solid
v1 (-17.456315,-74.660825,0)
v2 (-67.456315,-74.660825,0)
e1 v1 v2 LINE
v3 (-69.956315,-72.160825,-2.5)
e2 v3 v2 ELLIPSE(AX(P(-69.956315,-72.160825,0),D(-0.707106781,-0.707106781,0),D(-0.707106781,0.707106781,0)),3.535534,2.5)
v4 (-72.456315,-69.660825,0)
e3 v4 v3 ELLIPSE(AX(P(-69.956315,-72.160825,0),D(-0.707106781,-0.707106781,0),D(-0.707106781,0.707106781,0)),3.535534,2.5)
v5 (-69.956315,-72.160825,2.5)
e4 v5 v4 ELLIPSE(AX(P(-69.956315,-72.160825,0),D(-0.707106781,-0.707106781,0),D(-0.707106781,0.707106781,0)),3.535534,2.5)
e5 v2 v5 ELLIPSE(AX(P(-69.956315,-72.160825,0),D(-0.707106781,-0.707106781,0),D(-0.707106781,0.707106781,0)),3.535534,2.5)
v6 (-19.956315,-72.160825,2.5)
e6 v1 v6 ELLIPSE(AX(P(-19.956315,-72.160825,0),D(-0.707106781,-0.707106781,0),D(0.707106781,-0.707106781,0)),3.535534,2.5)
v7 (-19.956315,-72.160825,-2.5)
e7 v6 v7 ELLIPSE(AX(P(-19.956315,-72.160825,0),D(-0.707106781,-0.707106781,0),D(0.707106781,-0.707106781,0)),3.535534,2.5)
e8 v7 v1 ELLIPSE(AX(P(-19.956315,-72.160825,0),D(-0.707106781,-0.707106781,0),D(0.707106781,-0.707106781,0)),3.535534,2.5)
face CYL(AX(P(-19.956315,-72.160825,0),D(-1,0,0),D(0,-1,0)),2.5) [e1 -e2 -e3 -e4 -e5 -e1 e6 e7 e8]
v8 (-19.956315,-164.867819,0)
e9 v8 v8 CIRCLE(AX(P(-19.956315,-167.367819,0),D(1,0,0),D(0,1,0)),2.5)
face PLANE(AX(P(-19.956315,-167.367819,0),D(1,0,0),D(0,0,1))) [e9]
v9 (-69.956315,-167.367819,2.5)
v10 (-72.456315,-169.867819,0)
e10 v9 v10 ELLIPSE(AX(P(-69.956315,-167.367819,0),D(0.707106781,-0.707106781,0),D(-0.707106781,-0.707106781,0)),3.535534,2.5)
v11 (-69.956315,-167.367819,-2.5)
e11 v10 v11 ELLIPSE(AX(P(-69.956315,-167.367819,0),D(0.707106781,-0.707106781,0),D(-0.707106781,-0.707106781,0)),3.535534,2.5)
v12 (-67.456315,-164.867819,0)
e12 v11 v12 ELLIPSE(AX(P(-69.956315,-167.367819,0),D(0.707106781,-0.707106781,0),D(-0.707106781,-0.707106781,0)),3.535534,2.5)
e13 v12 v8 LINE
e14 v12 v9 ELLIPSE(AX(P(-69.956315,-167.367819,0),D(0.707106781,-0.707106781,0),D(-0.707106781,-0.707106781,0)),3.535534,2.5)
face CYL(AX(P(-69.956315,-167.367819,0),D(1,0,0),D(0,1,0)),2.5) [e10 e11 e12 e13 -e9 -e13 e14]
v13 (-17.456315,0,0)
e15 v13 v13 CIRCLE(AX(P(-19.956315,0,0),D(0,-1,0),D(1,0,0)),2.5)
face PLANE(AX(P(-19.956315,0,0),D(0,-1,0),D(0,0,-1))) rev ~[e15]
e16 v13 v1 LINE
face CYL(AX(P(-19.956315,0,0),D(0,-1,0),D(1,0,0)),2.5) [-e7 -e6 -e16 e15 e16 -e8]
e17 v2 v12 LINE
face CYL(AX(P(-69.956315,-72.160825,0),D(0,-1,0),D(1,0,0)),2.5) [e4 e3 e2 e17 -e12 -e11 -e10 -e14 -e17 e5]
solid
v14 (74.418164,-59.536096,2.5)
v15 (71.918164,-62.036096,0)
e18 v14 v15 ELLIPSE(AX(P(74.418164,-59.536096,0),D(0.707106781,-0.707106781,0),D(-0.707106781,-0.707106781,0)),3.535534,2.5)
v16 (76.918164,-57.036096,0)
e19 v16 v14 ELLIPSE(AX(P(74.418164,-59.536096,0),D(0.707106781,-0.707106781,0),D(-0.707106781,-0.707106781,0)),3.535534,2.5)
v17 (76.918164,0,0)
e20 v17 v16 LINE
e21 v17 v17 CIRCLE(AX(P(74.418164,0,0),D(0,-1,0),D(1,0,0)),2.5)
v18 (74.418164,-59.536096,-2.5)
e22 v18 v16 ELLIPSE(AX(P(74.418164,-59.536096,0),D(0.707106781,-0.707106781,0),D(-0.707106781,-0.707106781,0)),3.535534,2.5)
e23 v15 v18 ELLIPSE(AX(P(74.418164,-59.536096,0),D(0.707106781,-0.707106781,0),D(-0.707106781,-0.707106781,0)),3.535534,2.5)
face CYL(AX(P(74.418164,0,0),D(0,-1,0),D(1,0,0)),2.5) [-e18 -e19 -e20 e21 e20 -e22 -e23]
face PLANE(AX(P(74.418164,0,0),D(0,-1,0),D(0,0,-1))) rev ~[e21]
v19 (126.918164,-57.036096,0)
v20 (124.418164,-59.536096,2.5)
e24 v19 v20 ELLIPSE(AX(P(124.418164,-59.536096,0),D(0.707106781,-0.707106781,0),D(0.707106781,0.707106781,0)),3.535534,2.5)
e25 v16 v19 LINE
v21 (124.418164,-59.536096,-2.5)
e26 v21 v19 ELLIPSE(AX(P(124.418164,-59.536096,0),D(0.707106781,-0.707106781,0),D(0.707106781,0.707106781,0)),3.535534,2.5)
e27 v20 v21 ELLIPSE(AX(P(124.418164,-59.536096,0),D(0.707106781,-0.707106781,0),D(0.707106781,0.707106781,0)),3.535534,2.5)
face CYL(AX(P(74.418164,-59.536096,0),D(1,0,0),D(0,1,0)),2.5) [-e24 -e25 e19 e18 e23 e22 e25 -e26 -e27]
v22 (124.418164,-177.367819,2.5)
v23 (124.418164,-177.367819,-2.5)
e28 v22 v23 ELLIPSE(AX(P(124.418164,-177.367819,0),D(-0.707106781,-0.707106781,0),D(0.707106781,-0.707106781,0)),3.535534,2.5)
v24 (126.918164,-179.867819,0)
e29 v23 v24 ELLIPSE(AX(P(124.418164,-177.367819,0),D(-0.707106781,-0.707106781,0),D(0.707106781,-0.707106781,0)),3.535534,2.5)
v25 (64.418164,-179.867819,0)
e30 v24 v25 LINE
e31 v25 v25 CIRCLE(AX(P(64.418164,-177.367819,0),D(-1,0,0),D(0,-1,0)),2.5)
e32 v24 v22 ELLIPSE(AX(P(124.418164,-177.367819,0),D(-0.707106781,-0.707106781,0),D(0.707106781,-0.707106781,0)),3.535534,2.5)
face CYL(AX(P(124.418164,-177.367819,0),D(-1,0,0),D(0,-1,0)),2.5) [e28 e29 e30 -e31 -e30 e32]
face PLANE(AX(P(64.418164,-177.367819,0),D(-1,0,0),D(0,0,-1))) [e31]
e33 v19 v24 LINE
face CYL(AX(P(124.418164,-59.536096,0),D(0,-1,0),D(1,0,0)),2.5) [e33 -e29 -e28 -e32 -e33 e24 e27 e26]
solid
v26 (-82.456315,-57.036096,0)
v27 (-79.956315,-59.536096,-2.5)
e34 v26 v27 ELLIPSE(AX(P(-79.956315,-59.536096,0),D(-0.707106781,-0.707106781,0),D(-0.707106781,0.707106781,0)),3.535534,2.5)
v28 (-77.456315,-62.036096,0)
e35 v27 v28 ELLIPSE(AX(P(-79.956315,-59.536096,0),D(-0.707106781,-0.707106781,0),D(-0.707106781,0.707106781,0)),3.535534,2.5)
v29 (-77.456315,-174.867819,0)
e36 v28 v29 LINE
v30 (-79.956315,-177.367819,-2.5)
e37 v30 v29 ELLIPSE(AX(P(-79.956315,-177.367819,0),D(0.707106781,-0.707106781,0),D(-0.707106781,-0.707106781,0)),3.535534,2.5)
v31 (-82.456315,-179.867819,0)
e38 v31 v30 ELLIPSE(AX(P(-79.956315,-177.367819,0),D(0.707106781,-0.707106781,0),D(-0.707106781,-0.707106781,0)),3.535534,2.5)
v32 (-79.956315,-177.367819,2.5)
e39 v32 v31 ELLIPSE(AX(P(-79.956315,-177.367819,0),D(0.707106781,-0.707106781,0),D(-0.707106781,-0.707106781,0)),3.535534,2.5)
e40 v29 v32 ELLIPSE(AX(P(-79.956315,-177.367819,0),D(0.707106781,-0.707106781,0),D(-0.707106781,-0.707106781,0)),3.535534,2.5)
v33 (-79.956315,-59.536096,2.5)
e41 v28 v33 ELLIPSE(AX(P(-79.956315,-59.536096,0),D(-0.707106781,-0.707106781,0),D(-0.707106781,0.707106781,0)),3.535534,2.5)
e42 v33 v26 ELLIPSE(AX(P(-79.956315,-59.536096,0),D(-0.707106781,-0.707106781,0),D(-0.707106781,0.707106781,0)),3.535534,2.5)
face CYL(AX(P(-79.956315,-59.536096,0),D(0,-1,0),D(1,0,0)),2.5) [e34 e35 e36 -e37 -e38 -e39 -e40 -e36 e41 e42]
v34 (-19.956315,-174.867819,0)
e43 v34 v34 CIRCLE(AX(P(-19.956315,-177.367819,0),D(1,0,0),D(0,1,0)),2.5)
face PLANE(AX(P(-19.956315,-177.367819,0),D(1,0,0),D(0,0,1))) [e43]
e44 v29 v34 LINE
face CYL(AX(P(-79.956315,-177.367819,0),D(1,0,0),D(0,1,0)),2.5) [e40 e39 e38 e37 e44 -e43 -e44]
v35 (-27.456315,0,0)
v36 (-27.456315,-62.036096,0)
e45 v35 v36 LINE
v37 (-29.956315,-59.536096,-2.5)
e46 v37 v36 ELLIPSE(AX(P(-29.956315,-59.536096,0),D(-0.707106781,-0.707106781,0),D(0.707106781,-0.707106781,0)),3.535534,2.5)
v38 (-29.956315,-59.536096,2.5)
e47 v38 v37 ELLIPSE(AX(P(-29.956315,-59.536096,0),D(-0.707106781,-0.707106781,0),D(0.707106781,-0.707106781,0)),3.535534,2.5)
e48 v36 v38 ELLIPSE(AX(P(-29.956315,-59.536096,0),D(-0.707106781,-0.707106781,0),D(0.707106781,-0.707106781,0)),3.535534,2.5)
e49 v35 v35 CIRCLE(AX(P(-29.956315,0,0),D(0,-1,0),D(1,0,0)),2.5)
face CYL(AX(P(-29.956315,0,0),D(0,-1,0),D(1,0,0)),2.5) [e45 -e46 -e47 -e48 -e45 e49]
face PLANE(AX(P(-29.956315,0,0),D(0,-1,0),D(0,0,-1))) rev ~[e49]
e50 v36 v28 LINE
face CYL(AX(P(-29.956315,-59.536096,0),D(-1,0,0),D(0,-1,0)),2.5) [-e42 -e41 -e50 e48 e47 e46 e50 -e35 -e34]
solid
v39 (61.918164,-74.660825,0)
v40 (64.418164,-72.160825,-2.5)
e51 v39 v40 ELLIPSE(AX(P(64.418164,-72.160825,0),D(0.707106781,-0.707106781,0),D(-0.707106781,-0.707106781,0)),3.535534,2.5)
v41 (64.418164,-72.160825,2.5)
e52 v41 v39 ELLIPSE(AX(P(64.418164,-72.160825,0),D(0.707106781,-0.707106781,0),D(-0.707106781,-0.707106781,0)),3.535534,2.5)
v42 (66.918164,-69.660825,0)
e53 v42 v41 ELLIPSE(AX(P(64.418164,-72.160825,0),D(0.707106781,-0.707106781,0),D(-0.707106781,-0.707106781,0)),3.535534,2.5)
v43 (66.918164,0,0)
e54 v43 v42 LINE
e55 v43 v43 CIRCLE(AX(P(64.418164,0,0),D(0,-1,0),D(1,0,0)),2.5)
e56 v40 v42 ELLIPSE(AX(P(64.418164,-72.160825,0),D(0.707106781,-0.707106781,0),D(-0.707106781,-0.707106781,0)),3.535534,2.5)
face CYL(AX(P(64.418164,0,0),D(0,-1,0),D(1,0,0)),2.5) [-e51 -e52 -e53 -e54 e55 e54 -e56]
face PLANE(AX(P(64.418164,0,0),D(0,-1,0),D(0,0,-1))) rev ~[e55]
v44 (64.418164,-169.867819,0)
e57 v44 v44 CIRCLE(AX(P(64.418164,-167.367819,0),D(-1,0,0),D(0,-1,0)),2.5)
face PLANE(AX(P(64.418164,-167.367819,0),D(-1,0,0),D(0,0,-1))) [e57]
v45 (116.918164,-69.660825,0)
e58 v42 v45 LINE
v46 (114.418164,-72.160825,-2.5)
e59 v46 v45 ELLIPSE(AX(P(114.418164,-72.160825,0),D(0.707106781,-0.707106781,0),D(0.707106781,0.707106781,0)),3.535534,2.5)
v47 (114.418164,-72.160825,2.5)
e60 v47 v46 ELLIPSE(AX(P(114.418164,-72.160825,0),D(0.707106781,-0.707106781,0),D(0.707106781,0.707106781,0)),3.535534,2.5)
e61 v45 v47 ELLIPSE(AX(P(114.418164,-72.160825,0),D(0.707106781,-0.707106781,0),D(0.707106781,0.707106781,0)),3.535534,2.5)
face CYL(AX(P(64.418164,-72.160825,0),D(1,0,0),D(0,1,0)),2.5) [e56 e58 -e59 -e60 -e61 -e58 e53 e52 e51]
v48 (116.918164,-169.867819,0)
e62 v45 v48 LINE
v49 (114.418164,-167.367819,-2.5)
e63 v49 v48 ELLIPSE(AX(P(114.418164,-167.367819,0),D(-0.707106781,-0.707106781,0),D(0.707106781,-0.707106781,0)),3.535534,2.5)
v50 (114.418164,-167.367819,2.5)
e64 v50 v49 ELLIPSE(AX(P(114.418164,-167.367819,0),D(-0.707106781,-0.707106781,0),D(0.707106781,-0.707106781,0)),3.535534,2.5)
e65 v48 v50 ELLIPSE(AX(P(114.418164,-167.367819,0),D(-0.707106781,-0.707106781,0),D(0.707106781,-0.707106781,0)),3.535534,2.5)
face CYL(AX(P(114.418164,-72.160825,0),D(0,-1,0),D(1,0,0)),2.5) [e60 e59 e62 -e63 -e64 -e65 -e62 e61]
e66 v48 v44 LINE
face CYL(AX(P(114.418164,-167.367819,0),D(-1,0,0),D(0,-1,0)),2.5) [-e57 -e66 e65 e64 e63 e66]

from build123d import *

# Parameters (mm, degrees)
F1_R = 2.5


with BuildPart() as f2:
    # F2: sweep along a path in F0
    with BuildLine(Plane.XY) as f2_path:
        Line((-29.9563152033, 0), (-29.9563152033, -59.5360959382))
        Line((-29.9563152033, -59.5360959382), (-79.9563152033, -59.5360959382))
        Line((-79.9563152033, -59.5360959382), (-79.9563152033, -177.3678190376))
        Line((-79.9563152033, -177.3678190376), (-19.9563152033, -177.3678190376))
    # F1 (on Front) → F2 (sweep)
    with BuildSketch(Plane.XZ):
        with Locations((-29.9563152033, 0)):
            Circle(F1_R)
    sweep(path=f2_path.line, transition=Transition.RIGHT)


with BuildPart() as f3:
    # F3: sweep along a path in F0
    with BuildLine(Plane.XY) as f3_path:
        Line((-19.9563152033, 0), (-19.9563152033, -72.1608251333))
        Line((-19.9563152033, -72.1608251333), (-69.9563152033, -72.1608251333))
        Line((-69.9563152033, -72.1608251333), (-69.9563152033, -167.3678190376))
        Line((-69.9563152033, -167.3678190376), (-19.9563152033, -167.3678190376))
    # F1 (on Front) → F3 (sweep)
    with BuildSketch(Plane.XZ):
        with Locations((-19.9563152033, 0)):
            Circle(F1_R)
    sweep(path=f3_path.line, transition=Transition.RIGHT)


with BuildPart() as f4:
    # F4: sweep along a path in F0
    with BuildLine(Plane.XY) as f4_path:
        Line((64.418164144, 0), (64.418164144, -72.1608251333))
        Line((64.418164144, -72.1608251333), (114.418164144, -72.1608251333))
        Line((114.418164144, -72.1608251333), (114.418164144, -167.3678190376))
        Line((114.418164144, -167.3678190376), (64.418164144, -167.3678190376))
    # F1 (on Front) → F4 (sweep)
    with BuildSketch(Plane.XZ):
        with Locations((64.418164144, 0)):
            Circle(F1_R)
    sweep(path=f4_path.line, transition=Transition.RIGHT)


with BuildPart() as f5:
    # F5: sweep along a path in F0
    with BuildLine(Plane.XY) as f5_path:
        Line((74.418164144, 0), (74.418164144, -59.5360959382))
        Line((74.418164144, -59.5360959382), (124.418164144, -59.5360959382))
        Line((124.418164144, -59.5360959382), (124.418164144, -177.3678190376))
        Line((124.418164144, -177.3678190376), (64.418164144, -177.3678190376))
    # F1 (on Front) → F5 (sweep)
    with BuildSketch(Plane.XZ):
        with Locations((74.418164144, 0)):
            Circle(F1_R)
    sweep(path=f5_path.line, transition=Transition.RIGHT)


solid = Compound([f2.part, f3.part, f4.part, f5.part])
